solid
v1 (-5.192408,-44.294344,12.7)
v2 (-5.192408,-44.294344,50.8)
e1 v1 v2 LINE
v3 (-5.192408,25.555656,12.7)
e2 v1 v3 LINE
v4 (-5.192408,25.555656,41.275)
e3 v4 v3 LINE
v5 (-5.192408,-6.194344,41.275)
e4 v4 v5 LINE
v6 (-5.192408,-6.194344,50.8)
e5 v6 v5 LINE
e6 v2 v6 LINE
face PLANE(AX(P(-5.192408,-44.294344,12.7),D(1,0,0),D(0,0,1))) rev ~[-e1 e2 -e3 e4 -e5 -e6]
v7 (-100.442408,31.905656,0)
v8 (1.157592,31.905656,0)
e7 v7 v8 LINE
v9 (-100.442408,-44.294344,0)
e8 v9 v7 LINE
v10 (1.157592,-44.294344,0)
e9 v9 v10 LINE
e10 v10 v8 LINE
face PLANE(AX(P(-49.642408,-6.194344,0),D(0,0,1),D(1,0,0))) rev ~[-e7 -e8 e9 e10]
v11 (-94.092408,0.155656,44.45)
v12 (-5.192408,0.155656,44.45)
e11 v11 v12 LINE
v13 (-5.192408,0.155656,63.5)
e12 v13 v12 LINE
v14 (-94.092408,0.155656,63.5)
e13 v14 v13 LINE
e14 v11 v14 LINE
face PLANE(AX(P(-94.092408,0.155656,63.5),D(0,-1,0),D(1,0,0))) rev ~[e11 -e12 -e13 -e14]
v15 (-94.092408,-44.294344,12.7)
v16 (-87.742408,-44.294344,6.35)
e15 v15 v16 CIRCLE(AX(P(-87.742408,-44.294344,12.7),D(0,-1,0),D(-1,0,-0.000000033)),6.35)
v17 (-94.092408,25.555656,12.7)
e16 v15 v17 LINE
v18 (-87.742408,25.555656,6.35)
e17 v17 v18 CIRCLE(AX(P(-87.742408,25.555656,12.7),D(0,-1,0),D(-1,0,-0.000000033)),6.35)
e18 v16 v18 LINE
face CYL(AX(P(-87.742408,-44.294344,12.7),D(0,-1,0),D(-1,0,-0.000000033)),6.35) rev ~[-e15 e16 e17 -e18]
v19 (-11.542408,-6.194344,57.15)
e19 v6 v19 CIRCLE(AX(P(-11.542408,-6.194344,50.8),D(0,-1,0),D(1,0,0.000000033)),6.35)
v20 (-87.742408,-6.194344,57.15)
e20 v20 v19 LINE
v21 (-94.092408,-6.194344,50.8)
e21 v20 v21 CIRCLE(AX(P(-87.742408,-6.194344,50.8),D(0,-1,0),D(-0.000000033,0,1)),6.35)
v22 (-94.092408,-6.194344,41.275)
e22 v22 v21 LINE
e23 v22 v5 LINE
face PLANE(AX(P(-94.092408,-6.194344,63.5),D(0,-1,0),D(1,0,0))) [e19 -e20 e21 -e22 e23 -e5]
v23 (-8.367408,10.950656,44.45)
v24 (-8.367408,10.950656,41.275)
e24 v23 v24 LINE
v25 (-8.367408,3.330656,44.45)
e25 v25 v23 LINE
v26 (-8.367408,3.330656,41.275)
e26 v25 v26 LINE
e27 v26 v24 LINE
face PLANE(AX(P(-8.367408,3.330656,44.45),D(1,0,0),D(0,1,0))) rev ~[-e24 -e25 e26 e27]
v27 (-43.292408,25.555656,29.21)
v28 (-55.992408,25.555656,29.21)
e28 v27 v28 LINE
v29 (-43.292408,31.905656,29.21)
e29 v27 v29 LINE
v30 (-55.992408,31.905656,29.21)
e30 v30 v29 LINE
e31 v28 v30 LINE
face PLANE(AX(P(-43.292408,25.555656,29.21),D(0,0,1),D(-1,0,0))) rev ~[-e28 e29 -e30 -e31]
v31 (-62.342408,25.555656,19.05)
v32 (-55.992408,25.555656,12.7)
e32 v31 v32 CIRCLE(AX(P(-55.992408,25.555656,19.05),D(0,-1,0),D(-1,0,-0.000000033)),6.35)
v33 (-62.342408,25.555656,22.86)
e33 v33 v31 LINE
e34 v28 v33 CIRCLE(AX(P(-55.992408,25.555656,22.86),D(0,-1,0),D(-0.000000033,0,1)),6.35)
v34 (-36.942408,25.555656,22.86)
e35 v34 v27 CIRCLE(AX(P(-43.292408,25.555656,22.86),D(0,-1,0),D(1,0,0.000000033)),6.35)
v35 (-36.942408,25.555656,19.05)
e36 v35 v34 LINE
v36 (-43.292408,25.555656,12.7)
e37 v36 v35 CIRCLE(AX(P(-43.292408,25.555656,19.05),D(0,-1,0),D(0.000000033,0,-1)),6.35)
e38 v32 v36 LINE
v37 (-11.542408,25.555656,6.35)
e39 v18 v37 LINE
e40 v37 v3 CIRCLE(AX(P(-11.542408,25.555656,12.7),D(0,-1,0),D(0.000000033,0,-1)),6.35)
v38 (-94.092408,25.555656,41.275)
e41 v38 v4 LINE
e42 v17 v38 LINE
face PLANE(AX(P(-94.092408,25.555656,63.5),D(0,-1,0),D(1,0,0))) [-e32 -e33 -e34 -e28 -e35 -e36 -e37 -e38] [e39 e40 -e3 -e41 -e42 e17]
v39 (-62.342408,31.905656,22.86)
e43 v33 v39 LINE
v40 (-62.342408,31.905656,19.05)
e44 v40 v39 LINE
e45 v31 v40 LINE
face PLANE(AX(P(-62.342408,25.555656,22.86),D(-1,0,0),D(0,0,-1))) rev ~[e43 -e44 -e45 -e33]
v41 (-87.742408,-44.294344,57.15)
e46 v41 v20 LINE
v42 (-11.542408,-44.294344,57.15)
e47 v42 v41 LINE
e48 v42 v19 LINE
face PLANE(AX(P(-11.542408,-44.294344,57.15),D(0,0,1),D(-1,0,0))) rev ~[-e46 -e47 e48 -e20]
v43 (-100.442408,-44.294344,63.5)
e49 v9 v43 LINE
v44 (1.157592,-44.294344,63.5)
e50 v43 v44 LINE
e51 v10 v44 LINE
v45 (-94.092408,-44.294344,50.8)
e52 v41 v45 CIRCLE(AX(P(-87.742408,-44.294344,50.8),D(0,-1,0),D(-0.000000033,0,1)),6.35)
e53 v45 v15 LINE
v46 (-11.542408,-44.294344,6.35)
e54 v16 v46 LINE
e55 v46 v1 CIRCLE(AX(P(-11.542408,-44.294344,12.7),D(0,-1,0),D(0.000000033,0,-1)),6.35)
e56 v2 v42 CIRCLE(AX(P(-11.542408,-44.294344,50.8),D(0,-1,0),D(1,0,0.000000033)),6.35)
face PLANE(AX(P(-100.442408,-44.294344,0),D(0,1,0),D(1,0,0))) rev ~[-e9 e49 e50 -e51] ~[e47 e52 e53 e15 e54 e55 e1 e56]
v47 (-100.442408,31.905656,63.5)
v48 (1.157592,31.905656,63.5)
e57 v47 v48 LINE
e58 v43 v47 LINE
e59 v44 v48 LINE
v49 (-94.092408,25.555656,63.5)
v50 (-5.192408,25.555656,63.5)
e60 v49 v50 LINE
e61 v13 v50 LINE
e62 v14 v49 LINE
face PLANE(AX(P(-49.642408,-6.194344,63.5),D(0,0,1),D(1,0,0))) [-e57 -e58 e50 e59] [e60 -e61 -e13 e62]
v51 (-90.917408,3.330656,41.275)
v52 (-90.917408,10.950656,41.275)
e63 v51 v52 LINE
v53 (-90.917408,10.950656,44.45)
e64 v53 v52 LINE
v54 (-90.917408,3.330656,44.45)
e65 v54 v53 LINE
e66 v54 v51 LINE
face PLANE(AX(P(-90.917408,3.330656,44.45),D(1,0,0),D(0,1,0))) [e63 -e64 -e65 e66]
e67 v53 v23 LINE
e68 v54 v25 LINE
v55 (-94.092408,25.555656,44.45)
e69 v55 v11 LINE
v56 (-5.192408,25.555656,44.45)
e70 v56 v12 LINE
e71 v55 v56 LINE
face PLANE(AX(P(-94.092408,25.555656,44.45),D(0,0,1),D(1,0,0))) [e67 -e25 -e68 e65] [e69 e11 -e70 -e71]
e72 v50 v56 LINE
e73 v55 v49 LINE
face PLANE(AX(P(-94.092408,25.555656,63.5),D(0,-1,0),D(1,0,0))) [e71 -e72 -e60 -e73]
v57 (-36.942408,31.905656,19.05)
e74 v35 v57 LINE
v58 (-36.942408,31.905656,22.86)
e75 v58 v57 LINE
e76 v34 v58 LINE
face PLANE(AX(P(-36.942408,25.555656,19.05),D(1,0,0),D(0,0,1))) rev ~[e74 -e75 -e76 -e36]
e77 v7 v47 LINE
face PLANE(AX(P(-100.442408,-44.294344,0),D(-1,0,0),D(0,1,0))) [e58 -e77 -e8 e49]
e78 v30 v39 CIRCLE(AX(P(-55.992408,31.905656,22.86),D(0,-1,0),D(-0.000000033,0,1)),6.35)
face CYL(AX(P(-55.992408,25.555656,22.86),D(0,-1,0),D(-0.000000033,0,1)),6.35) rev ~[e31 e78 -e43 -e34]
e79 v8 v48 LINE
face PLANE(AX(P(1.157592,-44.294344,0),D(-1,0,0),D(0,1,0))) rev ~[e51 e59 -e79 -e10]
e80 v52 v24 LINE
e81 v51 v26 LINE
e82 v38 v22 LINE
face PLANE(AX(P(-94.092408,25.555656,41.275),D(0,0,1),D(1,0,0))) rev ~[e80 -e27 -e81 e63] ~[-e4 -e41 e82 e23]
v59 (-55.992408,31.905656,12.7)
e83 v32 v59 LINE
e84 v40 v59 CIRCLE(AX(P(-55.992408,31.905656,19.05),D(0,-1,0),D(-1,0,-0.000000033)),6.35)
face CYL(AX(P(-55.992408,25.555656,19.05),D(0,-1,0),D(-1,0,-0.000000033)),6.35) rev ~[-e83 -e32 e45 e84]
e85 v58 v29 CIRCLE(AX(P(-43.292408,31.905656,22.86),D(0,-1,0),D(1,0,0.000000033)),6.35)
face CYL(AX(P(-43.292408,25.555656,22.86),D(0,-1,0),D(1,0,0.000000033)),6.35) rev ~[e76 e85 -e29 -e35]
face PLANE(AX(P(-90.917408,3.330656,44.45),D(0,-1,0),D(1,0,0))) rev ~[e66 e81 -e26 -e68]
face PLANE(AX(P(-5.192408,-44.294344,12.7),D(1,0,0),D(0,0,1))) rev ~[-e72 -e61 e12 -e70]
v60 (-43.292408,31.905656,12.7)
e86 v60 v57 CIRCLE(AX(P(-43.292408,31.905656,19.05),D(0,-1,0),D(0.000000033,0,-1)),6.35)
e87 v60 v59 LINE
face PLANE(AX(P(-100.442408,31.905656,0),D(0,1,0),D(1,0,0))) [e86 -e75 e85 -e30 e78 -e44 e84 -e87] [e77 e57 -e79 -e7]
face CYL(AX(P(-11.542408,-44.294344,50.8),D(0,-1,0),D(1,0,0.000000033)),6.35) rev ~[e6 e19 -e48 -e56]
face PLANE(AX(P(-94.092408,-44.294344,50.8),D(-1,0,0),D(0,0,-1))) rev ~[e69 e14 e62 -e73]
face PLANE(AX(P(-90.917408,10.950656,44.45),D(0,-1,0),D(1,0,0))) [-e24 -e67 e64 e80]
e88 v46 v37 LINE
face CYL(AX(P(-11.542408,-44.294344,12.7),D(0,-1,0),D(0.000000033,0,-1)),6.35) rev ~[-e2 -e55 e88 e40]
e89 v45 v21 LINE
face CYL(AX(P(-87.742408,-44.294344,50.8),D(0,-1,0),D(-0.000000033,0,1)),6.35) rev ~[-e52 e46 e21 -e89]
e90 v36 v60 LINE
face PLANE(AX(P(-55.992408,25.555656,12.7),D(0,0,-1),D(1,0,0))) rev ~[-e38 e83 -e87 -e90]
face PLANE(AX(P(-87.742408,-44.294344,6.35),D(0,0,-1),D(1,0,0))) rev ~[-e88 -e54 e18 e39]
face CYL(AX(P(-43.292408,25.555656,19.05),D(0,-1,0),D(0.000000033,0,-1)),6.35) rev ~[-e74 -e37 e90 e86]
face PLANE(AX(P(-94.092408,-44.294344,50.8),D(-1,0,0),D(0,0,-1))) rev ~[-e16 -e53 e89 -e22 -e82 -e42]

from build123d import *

# Parameters (mm, degrees)
F0_W      = 101.6
F0_H      = 76.2
F1_DEPTH  = 63.5
F3_DEPTH  = 69.85
F4_W      = 88.9
F4_H      = 25.4
F5_DEPTH  = 25.4
F7_DEPTH  = 25.4
F8_W      = 88.9
F8_H      = 3.175
F9_DEPTH  = 31.75
F10_W     = 88.9
F10_H     = 6.35
F11_DEPTH = 19.05
F12_W     = 82.55
F12_H     = 7.62
F13_DEPTH = 25.4


with BuildPart() as f1:
    # F0 (on Top) → F1 (new body)
    with BuildSketch(Plane.XY):
        with Locations((-49.642408, -6.194344)):
            Rectangle(F0_W, F0_H)
    extrude(amount=F1_DEPTH)

    # F2 (on face) → F3 (cut)
    with BuildSketch(Plane.XZ.offset(44.294344)):
        with BuildLine():
            Line((-11.542408, 57.15), (-87.742408, 57.15))
            ThreePointArc((-87.742408, 57.15), (-92.232536, 55.290128), (-94.092408, 50.8))
            Line((-94.092408, 50.8), (-94.092408, 12.7))
            ThreePointArc((-94.092408, 12.7), (-92.232536, 8.209872), (-87.742408, 6.35))
            Line((-87.742408, 6.35), (-11.542408, 6.35))
            ThreePointArc((-11.542408, 6.35), (-7.05228, 8.209872), (-5.192408, 12.7))
            Line((-5.192408, 12.7), (-5.192408, 50.8))
            ThreePointArc((-5.192408, 50.8), (-7.05228, 55.290128), (-11.542408, 57.15))
        make_face()
    extrude(amount=-F3_DEPTH, mode=Mode.SUBTRACT)

    # F4 (on face) → F5 (cut)
    with BuildSketch(Plane.XY.offset(63.5)):
        with Locations((-49.642408, 12.855656)):
            Rectangle(F4_W, F4_H)
    extrude(amount=-F5_DEPTH, mode=Mode.SUBTRACT)

    # F6 (on face) → F7 (cut)
    with BuildSketch(Plane.XZ.offset(-25.555656)):
        with BuildLine():
            Line((-43.292408, 29.21), (-55.992408, 29.21))
            ThreePointArc((-55.992408, 29.21), (-60.482536, 27.350128), (-62.342408, 22.86))
            Line((-62.342408, 22.86), (-62.342408, 19.05))
            ThreePointArc((-62.342408, 19.05), (-60.482536, 14.559872), (-55.992408, 12.7))
            Line((-55.992408, 12.7), (-43.292408, 12.7))
            ThreePointArc((-43.292408, 12.7), (-38.80228, 14.559872), (-36.942408, 19.05))
            Line((-36.942408, 19.05), (-36.942408, 22.86))
            ThreePointArc((-36.942408, 22.86), (-38.80228, 27.350128), (-43.292408, 29.21))
        make_face()
    extrude(amount=-F7_DEPTH, mode=Mode.SUBTRACT)

    # F8 (on face) → F9 (join)
    with BuildSketch(Plane.XZ.offset(-25.555656)):
        with Locations((-49.642408, 42.8625)):
            Rectangle(F8_W, F8_H)
    extrude(amount=F9_DEPTH)

    # F10 (on face) → F11 (join)
    with BuildSketch(Plane.XY.offset(63.5)):
        with Locations((-49.642408, -3.019344)):
            Rectangle(F10_W, F10_H)
    extrude(amount=-F11_DEPTH)

    # F12 (on face) → F13 (cut)
    with BuildSketch(Plane.XY.offset(44.45)):
        with Locations((-49.642408, 7.140656)):
            Rectangle(F12_W, F12_H)
    extrude(amount=-F13_DEPTH, mode=Mode.SUBTRACT)


solid = f1.part
